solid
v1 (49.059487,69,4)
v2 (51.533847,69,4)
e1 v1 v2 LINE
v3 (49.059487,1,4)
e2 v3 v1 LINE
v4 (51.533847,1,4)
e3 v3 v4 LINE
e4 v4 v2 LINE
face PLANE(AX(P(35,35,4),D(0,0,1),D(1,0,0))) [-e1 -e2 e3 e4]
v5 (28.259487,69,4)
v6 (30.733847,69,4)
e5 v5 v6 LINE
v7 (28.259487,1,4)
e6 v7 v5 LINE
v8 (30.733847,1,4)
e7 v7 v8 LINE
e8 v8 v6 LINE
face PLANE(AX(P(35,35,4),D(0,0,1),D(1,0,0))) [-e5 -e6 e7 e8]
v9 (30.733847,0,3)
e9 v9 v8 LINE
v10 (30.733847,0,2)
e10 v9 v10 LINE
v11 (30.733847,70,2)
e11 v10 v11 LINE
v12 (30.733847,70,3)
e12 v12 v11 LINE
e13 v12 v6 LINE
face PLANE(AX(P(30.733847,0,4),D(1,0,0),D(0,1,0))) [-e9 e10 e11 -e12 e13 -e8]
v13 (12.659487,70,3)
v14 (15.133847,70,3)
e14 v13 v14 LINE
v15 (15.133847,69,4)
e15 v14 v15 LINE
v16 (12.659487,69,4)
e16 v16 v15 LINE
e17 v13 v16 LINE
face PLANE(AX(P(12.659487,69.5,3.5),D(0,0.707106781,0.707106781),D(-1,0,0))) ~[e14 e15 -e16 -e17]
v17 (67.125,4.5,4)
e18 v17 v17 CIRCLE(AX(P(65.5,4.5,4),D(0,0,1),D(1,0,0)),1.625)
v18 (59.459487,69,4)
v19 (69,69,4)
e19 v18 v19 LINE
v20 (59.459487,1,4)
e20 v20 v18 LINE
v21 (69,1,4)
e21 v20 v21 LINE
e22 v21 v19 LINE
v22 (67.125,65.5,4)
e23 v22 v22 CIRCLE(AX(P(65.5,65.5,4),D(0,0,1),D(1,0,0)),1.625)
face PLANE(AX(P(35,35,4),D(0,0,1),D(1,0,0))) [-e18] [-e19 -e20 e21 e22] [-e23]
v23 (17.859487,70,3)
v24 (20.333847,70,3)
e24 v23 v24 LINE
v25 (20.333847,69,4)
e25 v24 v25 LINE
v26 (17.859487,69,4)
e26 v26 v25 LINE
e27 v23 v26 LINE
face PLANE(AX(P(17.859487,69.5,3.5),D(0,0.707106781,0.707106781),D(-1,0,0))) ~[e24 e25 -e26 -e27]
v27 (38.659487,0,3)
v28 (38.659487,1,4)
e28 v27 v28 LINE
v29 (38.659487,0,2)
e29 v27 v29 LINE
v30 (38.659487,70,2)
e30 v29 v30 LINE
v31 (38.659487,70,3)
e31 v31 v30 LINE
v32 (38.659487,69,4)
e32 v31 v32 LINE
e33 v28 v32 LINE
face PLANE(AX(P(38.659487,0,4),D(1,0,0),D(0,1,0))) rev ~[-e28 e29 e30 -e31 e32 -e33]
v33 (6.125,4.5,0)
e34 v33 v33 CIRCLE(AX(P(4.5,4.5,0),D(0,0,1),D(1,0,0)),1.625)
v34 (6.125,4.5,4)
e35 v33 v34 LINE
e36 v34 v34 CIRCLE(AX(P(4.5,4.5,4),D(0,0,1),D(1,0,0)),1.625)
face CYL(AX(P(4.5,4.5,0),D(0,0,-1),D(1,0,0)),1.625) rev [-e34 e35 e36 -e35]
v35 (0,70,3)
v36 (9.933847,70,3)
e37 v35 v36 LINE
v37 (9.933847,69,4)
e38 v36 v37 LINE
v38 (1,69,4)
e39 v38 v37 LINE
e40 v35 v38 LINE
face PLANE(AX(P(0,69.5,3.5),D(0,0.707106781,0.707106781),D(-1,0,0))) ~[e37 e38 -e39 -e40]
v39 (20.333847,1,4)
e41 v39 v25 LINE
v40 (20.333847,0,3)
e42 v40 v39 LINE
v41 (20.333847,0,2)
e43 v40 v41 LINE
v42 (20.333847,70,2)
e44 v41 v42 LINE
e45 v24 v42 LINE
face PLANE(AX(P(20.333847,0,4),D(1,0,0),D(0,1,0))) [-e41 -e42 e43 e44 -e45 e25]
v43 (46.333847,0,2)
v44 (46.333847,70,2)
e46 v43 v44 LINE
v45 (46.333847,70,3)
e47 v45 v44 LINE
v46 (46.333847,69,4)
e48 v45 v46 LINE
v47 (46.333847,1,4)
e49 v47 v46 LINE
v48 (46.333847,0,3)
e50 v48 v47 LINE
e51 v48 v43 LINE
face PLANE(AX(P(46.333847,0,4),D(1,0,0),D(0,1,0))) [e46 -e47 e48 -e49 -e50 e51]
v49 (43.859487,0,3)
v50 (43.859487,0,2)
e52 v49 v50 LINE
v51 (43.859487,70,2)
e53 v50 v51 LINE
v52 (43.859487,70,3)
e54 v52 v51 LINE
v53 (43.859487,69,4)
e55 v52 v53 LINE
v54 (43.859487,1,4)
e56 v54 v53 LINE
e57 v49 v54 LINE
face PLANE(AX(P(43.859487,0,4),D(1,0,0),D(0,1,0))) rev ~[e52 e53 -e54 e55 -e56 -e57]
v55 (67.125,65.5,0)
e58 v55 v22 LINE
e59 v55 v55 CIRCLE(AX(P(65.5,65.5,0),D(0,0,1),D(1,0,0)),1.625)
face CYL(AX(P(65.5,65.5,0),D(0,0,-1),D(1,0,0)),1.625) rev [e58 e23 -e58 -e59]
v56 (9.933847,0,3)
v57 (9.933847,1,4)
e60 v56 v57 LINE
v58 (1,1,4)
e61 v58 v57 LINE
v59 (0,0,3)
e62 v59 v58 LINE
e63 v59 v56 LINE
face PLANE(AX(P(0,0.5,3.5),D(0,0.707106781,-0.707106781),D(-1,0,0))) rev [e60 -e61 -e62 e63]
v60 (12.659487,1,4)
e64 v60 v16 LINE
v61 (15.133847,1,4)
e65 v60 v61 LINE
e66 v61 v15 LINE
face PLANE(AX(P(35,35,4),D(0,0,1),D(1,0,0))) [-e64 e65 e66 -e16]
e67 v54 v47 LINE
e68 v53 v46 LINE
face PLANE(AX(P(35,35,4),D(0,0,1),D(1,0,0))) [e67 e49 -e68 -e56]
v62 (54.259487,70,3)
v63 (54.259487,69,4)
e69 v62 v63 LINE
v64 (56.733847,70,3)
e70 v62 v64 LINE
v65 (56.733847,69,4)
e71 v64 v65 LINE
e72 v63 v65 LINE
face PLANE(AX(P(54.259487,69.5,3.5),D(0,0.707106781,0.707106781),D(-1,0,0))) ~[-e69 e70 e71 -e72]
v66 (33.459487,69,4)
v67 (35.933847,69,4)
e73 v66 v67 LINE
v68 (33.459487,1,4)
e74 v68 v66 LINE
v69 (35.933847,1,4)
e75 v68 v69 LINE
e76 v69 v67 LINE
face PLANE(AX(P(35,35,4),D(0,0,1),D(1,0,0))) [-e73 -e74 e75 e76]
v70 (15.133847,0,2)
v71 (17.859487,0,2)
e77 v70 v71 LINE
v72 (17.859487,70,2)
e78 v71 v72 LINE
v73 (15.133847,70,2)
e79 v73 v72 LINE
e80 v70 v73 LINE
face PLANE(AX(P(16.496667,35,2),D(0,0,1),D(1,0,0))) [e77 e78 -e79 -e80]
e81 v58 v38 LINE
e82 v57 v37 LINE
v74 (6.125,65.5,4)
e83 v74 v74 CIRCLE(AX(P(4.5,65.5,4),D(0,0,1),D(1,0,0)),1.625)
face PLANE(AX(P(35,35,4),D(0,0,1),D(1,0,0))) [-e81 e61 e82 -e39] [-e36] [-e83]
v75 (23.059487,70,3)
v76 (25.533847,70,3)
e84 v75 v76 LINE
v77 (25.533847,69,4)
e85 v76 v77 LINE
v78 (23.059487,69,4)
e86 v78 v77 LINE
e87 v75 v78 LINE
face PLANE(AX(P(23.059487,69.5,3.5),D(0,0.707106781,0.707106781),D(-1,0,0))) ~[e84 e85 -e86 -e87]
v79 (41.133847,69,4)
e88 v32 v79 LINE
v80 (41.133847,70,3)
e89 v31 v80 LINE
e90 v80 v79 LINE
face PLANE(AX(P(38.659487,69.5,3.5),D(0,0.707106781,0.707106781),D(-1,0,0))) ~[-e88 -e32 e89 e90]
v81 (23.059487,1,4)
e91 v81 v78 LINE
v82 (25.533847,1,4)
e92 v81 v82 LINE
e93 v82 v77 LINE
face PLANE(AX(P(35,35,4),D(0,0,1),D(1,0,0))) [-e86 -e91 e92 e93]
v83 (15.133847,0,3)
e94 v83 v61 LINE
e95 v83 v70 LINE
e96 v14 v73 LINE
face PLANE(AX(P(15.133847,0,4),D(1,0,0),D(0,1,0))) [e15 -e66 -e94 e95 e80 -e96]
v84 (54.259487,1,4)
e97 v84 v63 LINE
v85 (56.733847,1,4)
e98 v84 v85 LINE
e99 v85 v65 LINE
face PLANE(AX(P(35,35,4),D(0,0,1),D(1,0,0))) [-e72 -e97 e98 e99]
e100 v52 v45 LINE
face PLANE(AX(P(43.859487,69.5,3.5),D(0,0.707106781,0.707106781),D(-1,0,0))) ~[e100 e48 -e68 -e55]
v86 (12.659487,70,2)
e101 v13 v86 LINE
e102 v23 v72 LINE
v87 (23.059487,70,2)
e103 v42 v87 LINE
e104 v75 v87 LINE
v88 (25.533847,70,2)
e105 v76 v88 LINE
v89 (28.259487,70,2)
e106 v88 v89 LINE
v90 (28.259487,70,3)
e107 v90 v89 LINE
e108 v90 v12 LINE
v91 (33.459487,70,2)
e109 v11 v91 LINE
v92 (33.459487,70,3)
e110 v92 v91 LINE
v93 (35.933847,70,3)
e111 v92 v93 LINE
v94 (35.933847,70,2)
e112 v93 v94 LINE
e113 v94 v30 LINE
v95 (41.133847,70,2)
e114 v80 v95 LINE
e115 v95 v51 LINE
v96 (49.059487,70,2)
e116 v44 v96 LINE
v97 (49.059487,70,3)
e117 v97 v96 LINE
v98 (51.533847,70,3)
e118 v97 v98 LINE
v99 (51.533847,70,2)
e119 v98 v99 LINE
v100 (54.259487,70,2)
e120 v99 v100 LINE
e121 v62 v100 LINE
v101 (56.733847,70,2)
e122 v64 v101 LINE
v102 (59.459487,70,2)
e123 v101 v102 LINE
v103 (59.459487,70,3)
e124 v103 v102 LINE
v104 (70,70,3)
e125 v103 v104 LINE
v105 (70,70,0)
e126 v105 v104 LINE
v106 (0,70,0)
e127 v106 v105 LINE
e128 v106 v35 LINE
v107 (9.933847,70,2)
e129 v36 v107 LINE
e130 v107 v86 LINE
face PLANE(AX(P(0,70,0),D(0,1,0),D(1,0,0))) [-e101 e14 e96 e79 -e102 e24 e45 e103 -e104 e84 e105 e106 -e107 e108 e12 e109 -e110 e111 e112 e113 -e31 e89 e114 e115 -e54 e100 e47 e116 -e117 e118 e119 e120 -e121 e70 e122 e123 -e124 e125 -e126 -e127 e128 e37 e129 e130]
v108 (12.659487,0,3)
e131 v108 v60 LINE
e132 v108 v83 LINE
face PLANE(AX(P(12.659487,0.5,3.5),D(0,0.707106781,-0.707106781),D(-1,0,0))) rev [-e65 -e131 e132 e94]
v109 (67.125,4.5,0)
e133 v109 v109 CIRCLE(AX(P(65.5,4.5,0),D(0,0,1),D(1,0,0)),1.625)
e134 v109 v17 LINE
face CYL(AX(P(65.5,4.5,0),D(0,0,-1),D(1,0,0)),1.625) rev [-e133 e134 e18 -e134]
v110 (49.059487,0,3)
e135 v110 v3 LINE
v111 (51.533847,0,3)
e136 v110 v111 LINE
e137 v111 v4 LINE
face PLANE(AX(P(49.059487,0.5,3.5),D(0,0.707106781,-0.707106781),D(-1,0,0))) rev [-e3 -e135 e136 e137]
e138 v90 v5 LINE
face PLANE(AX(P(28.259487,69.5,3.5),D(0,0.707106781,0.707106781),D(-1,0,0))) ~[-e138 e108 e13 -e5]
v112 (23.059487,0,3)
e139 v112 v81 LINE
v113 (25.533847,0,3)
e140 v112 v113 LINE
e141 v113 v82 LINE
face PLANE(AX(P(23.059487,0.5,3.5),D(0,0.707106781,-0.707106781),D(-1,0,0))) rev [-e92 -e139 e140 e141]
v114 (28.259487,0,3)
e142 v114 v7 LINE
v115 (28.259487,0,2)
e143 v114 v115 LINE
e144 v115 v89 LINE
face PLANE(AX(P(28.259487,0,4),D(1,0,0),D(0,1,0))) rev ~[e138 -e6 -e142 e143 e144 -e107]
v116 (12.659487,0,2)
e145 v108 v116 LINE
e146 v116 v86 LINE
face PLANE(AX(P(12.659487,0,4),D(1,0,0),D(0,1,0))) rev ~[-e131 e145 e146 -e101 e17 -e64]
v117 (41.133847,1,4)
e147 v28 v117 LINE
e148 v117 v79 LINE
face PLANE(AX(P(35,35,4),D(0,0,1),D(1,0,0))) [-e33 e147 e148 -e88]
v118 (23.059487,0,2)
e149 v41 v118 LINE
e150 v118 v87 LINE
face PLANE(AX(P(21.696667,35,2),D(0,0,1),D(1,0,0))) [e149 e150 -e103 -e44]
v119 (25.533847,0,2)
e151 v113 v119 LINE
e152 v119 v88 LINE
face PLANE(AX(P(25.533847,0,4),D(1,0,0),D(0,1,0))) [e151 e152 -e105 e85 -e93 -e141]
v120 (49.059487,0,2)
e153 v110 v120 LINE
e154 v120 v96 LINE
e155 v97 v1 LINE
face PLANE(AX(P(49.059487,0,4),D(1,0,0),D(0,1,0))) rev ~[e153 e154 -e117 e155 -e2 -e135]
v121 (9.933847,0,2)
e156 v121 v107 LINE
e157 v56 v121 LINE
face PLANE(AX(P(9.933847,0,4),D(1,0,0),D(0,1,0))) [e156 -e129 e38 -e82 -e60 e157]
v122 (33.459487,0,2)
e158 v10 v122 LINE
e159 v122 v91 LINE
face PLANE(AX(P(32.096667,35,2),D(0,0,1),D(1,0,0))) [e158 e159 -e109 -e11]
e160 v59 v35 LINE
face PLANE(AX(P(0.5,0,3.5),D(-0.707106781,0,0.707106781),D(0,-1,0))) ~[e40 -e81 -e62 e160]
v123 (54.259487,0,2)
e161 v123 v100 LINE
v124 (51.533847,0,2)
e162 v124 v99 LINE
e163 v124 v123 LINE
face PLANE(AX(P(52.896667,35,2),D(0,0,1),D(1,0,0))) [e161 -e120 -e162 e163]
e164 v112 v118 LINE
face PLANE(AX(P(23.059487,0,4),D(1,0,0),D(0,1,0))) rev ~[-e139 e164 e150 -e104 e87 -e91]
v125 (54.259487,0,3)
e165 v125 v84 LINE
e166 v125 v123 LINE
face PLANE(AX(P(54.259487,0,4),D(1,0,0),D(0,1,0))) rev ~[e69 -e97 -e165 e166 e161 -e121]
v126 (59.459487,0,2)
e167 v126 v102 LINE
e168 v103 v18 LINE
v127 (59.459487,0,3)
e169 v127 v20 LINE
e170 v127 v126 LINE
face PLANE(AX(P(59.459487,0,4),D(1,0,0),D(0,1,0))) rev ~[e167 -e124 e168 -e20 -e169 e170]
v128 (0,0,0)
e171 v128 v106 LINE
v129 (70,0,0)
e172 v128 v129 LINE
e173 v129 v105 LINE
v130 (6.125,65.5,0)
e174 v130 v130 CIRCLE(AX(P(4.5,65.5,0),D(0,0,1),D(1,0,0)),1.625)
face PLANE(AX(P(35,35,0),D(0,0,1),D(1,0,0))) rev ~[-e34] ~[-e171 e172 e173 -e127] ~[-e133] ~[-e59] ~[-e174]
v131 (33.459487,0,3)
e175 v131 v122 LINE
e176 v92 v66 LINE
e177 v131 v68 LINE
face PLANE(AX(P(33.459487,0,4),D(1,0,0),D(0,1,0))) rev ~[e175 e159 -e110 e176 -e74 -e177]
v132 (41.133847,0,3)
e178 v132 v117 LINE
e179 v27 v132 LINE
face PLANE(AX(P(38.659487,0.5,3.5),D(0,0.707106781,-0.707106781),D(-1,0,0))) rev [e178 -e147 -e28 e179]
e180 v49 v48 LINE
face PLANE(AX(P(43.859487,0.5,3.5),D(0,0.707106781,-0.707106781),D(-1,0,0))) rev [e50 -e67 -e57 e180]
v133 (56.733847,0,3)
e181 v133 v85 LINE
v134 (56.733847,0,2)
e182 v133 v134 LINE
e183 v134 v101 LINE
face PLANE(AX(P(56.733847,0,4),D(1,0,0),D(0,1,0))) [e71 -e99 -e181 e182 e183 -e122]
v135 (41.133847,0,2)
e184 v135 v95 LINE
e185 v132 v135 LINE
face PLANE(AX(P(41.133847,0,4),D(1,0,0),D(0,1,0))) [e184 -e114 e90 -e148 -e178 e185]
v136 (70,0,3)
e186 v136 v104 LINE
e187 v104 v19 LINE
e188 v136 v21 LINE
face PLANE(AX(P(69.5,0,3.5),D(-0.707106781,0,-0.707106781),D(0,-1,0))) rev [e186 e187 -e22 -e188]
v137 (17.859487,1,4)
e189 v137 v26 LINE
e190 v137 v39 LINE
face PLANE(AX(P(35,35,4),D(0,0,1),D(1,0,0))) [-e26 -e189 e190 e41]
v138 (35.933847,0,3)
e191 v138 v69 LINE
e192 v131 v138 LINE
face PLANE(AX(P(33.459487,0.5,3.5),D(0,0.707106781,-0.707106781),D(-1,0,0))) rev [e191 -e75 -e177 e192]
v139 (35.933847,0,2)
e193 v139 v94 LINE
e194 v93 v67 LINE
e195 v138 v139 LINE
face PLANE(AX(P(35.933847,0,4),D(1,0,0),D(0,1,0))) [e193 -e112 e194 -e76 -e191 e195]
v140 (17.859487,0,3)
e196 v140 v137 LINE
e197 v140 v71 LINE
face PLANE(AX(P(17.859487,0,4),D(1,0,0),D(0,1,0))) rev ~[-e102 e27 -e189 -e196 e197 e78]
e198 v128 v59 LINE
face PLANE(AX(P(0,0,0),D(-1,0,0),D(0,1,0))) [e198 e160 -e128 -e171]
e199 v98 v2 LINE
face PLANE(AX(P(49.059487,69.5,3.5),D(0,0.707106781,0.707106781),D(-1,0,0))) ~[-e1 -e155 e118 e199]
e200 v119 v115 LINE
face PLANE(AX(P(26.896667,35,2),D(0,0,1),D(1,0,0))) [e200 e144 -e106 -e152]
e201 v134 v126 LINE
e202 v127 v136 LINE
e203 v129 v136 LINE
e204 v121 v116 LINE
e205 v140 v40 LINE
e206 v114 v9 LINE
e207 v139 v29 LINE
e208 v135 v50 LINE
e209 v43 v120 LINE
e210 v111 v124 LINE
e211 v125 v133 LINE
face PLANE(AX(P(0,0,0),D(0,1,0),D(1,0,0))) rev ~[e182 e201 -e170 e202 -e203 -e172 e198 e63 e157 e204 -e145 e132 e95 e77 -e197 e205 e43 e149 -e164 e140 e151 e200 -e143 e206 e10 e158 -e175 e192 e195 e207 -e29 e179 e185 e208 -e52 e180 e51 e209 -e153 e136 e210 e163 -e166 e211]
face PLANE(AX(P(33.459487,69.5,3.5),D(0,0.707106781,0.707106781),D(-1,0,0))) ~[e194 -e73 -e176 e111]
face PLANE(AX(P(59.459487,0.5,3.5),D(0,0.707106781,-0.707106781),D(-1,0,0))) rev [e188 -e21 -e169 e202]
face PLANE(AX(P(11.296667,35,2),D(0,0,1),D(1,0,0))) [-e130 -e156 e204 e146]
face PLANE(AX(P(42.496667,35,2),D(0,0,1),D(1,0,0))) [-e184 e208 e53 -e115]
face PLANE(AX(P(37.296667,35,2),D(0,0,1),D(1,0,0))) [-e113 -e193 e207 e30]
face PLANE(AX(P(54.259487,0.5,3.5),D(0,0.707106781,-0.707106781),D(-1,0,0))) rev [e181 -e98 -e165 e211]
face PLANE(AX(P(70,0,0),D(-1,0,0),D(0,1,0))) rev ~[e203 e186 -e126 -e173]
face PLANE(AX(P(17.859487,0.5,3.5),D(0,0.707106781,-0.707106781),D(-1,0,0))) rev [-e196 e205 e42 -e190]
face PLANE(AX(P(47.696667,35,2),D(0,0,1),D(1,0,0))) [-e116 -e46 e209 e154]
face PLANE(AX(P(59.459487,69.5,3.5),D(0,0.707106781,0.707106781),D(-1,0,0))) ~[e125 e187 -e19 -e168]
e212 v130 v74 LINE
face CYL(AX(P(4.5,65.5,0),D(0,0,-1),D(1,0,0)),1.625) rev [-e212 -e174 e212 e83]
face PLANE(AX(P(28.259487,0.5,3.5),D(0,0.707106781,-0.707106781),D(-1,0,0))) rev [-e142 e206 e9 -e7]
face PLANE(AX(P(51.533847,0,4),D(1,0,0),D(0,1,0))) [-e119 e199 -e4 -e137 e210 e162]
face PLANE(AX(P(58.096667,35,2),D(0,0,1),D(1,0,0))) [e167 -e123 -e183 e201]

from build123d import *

# Parameters (mm, degrees)
SKETCH1_W           = 70
SKETCH1_H           = 70
SKETCH1_R           = 1.625
BOSS_EXTRUDE1_DEPTH = 4
SKETCH2_W           = 2.725639952
SKETCH2_H           = 70
CUT_EXTRUDE1_DEPTH  = 2
CHAMFER1_SIZE       = 1


with BuildPart() as part:
    # Sketch1 → Boss-Extrude1 (new body)
    with BuildSketch(Plane.XY):
        with Locations((35, 35)):
            Rectangle(SKETCH1_W, SKETCH1_H)
        with Locations((4.5, 65.5)):
            Circle(SKETCH1_R, mode=Mode.SUBTRACT)
        with Locations((65.5, 65.5)):
            Circle(SKETCH1_R, mode=Mode.SUBTRACT)
        with Locations((65.5, 4.5)):
            Circle(SKETCH1_R, mode=Mode.SUBTRACT)
        with Locations((4.5, 4.5)):
            Circle(SKETCH1_R, mode=Mode.SUBTRACT)
    extrude(amount=BOSS_EXTRUDE1_DEPTH)

    # Sketch2 → Cut-Extrude1 (cut)
    with BuildSketch(Plane.XY.offset(4)):
        with Locations((11.296666841, 35)):
            Rectangle(SKETCH2_W, SKETCH2_H)
        with Locations((16.496666841, 35)):
            Rectangle(SKETCH2_W, SKETCH2_H)
        with Locations((21.696666841, 35)):
            Rectangle(SKETCH2_W, SKETCH2_H)
        with Locations((26.896666841, 35)):
            Rectangle(SKETCH2_W, SKETCH2_H)
        with Locations((32.096666841, 35)):
            Rectangle(SKETCH2_W, SKETCH2_H)
        with Locations((37.296666841, 35)):
            Rectangle(SKETCH2_W, SKETCH2_H)
        with Locations((42.496666841, 35)):
            Rectangle(SKETCH2_W, SKETCH2_H)
        with Locations((47.696666841, 35)):
            Rectangle(SKETCH2_W, SKETCH2_H)
        with Locations((52.896666841, 35)):
            Rectangle(SKETCH2_W, SKETCH2_H)
        with Locations((58.096666841, 35)):
            Rectangle(SKETCH2_W, SKETCH2_H)
    extrude(amount=-CUT_EXTRUDE1_DEPTH, mode=Mode.SUBTRACT)

    # Chamfer1
    chamfer1_edges = [part.edges().sort_by_distance(p)[0] for p in [
        (70, 35, 4),
        (64.729743409, 70, 4),
        (55.496666841, 70, 4),
        (50.296666841, 70, 4),
        (45.096666841, 70, 4),
        (39.896666841, 70, 4),
        (34.696666841, 70, 4),
        (29.496666841, 70, 4),
        (24.296666841, 70, 4),
        (19.096666841, 70, 4),
        (13.896666841, 70, 4),
        (4.966923432, 70, 4),
        (0, 35, 4),
        (13.896666841, 0, 4),
        (19.096666841, 0, 4),
        (24.296666841, 0, 4),
        (29.496666841, 0, 4),
        (34.696666841, 0, 4),
        (39.896666841, 0, 4),
        (45.096666841, 0, 4),
        (50.296666841, 0, 4),
        (55.496666841, 0, 4),
        (64.729743409, 0, 4),
        (4.966923432, 0, 4),
    ]]
    chamfer(chamfer1_edges, length=CHAMFER1_SIZE)


solid = part.part
